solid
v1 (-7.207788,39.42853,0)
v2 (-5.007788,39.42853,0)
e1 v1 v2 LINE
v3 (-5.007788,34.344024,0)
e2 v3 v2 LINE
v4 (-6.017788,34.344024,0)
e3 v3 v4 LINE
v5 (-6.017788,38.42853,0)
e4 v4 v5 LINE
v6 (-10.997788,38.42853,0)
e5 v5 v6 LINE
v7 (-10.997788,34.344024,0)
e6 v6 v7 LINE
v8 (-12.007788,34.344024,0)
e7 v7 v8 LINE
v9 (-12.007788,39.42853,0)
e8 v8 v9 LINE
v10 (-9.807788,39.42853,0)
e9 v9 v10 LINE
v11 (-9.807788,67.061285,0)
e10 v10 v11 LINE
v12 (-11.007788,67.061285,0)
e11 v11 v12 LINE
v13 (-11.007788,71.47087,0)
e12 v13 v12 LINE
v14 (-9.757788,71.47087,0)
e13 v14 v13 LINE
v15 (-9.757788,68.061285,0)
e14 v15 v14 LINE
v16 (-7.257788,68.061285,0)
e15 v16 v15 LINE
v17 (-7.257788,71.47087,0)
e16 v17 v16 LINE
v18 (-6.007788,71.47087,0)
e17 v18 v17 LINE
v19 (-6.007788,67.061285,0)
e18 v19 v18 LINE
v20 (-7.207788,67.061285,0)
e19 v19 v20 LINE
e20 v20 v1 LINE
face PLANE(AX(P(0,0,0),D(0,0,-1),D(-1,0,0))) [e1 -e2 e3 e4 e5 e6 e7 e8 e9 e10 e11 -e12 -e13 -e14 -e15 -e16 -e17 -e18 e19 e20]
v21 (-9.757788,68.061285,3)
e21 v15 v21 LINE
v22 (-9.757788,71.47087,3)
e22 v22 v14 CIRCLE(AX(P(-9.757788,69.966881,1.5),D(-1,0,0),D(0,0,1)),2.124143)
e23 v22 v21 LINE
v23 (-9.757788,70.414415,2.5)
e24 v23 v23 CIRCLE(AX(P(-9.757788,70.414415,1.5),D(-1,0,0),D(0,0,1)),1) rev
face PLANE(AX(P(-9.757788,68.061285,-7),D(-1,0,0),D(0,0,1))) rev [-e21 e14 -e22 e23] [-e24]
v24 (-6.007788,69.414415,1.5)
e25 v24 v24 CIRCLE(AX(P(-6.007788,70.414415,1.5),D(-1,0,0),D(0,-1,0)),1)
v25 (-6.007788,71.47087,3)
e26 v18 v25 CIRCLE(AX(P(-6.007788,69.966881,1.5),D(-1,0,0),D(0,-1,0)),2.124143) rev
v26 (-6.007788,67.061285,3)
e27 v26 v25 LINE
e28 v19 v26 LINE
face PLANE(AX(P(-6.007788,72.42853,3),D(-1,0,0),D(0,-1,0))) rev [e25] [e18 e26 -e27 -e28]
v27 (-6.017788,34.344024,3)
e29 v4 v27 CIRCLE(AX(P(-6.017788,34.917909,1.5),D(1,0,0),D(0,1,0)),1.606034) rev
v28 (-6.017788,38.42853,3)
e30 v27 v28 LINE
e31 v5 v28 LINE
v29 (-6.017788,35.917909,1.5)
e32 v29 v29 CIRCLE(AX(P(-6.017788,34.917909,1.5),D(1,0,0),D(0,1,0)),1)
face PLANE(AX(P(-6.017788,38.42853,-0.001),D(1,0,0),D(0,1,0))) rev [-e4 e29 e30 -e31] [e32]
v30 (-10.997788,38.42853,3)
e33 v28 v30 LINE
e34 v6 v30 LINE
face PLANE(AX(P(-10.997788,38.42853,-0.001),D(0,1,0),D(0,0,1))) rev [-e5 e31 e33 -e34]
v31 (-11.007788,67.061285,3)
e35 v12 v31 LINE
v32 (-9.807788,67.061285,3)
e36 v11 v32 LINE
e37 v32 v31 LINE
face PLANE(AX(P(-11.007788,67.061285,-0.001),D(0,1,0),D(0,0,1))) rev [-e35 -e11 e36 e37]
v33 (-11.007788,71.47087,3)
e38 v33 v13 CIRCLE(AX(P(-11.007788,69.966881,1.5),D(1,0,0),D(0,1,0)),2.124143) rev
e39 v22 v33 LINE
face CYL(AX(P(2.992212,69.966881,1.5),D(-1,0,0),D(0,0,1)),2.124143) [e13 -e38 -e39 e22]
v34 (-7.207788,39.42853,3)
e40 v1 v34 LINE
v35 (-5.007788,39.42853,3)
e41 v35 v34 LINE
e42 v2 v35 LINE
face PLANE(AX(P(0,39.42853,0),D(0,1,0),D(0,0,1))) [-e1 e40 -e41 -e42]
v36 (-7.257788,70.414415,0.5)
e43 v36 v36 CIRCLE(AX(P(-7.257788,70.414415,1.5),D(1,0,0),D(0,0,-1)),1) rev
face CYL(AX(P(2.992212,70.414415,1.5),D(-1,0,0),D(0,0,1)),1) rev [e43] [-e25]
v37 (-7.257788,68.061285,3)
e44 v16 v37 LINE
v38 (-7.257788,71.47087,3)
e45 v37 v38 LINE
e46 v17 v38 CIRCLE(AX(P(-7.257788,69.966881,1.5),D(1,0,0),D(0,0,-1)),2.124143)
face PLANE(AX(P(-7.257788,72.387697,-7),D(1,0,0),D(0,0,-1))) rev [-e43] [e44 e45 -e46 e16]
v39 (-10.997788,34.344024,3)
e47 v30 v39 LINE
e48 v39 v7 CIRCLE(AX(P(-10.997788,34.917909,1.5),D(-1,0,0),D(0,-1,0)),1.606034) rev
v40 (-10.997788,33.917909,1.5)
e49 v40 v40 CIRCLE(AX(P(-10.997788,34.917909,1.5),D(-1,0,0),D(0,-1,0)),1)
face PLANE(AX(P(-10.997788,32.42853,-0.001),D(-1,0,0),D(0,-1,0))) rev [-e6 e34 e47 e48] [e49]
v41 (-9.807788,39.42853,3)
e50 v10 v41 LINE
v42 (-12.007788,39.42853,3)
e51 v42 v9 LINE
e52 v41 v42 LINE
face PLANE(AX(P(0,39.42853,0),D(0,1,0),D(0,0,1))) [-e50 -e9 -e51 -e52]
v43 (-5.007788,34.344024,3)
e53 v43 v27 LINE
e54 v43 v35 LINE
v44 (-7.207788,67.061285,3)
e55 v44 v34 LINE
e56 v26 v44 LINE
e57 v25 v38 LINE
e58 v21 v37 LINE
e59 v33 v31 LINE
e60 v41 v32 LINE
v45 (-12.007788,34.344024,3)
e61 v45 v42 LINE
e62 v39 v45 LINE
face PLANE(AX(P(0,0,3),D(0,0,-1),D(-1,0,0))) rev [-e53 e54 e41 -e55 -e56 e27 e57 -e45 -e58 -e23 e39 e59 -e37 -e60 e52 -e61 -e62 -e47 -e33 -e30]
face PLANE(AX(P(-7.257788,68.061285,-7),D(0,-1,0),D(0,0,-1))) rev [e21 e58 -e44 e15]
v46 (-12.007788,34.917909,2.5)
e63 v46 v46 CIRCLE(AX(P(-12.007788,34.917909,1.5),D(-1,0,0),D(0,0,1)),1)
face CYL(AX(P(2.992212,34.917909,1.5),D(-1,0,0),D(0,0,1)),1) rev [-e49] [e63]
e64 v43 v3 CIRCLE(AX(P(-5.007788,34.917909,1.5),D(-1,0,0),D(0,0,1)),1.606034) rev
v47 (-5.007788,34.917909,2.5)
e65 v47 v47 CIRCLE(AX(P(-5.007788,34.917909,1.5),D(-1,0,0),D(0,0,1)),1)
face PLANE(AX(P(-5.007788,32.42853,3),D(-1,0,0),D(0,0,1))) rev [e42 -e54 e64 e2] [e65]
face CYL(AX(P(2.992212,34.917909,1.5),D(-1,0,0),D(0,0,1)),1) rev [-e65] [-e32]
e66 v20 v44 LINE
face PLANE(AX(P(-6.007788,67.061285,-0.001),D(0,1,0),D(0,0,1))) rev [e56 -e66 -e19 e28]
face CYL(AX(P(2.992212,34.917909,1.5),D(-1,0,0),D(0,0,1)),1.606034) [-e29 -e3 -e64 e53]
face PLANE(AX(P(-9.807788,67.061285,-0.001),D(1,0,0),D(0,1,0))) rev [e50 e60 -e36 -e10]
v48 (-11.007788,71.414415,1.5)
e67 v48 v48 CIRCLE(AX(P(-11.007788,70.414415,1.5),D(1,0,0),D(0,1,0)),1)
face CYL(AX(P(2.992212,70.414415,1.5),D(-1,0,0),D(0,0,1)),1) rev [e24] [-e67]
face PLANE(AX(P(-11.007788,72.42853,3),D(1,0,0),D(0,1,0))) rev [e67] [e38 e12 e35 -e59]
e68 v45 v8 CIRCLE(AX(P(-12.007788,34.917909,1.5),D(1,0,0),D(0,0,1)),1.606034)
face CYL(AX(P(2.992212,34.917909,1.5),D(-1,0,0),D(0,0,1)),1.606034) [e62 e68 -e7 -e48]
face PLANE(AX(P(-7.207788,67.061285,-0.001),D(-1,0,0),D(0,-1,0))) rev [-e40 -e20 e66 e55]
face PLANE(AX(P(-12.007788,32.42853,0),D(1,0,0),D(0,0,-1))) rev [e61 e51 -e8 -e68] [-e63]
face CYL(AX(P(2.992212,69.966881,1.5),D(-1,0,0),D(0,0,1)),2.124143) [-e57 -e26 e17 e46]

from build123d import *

# Parameters (mm, degrees)
CROQUIS1_W              = 5
CROQUIS1_H              = 33
SALIENTE_EXTRUIR1_DEPTH = 3
CROQUIS3_W              = 7
CROQUIS3_H              = 3
SALIENTE_EXTRUIR2_DEPTH = 7
CORTAR_EXTRUIR1_REACH   = 75.478
CROQUIS4_W              = 4.98
CROQUIS4_H              = 6
CROQUIS5_R              = 1
CORTAR_EXTRUIR4_DEPTH   = 15
CORTAR_EXTRUIR5_DEPTH   = 15
CROQUIS8_W              = 2.5
CROQUIS8_H              = 4.326412588
CORTAR_EXTRUIR6_DEPTH   = 10
CORTAR_EXTRUIR7_REACH   = 75.146
CROQUIS9_W              = 1.2
CROQUIS9_H              = 27.63275501


with BuildPart() as part:
    # Croquis1 → Saliente-Extruir1 (new body)
    with BuildSketch(Plane.XY):
        with Locations((-8.507787801, 55.928529755)):
            Rectangle(CROQUIS1_W, CROQUIS1_H)
    extrude(amount=SALIENTE_EXTRUIR1_DEPTH)

    # Croquis3 → Saliente-Extruir2 (add)
    with BuildSketch(Plane.XZ.offset(-39.428529755)):
        with Locations((-8.507787801, 1.5)):
            Rectangle(CROQUIS3_W, CROQUIS3_H)
    extrude(amount=SALIENTE_EXTRUIR2_DEPTH)

    # Croquis4 → Cortar-Extruir1 (cut, up to next)
    with BuildSketch(Plane.XY.offset(3), mode=Mode.PRIVATE) as cortar_extruir1_sk1:
        with Locations((-8.507787801, 35.428529755)):
            Rectangle(CROQUIS4_W, CROQUIS4_H)
    cortar_extruir1_tool1 = extrude(cortar_extruir1_sk1.sketch, amount=-CORTAR_EXTRUIR1_REACH, mode=Mode.PRIVATE) & part.part
    add(cortar_extruir1_tool1.solids().sort_by_distance((-8.507788, 35.42853, 3))[0], mode=Mode.SUBTRACT)

    # Croquis5 → Cortar-Extruir4 (cut)
    with BuildSketch(Plane.ZY.offset(12.007787801)):
        with Locations(Location((1.5, 70.414414657, 0), (0, 0, 270))):
            Circle(CROQUIS5_R)
        with Locations((1.5, 34.917908979)):
            Circle(CROQUIS5_R)
    extrude(amount=-CORTAR_EXTRUIR4_DEPTH, mode=Mode.SUBTRACT)

    # Croquis7 → Cortar-Extruir5 (cut)
    with BuildSketch(Plane.ZY.offset(12.007787801)):
        with BuildLine():
            Line((3, 71.470870039), (3, 72.821585946))
            Line((3, 72.821585946), (0, 72.821585946))
            Line((0, 72.821585946), (0, 71.470870039))
            ThreePointArc((0, 71.470870039), (1.5, 72.091024013), (3, 71.470870039))
        make_face()
        with BuildLine():
            Line((0, 34.344024201), (0, 31.961571753))
            Line((0, 31.961571753), (3, 31.961571753))
            Line((3, 31.961571753), (3, 34.344024201))
            ThreePointArc((3, 34.344024201), (1.5, 33.311875437), (0, 34.344024201))
        make_face()
    extrude(amount=-CORTAR_EXTRUIR5_DEPTH, mode=Mode.SUBTRACT)

    # Croquis8 → Cortar-Extruir6 (cut)
    with BuildSketch(Plane.XY.offset(3)):
        with Locations((-8.507787801, 70.224491059)):
            Rectangle(CROQUIS8_W, CROQUIS8_H)
    extrude(amount=-CORTAR_EXTRUIR6_DEPTH, mode=Mode.SUBTRACT)

    # Croquis9 → Cortar-Extruir7 (cut, up to next)
    with BuildSketch(Plane.XY.offset(3), mode=Mode.PRIVATE) as cortar_extruir7_sk1:
        with Locations((-10.407787801, 53.24490726)):
            Rectangle(CROQUIS9_W, CROQUIS9_H)
    cortar_extruir7_tool1 = extrude(cortar_extruir7_sk1.sketch, amount=-CORTAR_EXTRUIR7_REACH, mode=Mode.PRIVATE) & part.part
    # Croquis9 → Cortar-Extruir7 (cut, up to next)
    with BuildSketch(Plane.XY.offset(3), mode=Mode.PRIVATE) as cortar_extruir7_sk2:
        with Locations((-6.607787801, 53.24490726)):
            Rectangle(CROQUIS9_W, CROQUIS9_H)
    cortar_extruir7_tool2 = extrude(cortar_extruir7_sk2.sketch, amount=-CORTAR_EXTRUIR7_REACH, mode=Mode.PRIVATE) & part.part
    add(cortar_extruir7_tool1.solids().sort_by_distance((-10.407788, 53.244907, 3))[0], mode=Mode.SUBTRACT)
    add(cortar_extruir7_tool2.solids().sort_by_distance((-6.607788, 53.244907, 3))[0], mode=Mode.SUBTRACT)


solid = part.part
